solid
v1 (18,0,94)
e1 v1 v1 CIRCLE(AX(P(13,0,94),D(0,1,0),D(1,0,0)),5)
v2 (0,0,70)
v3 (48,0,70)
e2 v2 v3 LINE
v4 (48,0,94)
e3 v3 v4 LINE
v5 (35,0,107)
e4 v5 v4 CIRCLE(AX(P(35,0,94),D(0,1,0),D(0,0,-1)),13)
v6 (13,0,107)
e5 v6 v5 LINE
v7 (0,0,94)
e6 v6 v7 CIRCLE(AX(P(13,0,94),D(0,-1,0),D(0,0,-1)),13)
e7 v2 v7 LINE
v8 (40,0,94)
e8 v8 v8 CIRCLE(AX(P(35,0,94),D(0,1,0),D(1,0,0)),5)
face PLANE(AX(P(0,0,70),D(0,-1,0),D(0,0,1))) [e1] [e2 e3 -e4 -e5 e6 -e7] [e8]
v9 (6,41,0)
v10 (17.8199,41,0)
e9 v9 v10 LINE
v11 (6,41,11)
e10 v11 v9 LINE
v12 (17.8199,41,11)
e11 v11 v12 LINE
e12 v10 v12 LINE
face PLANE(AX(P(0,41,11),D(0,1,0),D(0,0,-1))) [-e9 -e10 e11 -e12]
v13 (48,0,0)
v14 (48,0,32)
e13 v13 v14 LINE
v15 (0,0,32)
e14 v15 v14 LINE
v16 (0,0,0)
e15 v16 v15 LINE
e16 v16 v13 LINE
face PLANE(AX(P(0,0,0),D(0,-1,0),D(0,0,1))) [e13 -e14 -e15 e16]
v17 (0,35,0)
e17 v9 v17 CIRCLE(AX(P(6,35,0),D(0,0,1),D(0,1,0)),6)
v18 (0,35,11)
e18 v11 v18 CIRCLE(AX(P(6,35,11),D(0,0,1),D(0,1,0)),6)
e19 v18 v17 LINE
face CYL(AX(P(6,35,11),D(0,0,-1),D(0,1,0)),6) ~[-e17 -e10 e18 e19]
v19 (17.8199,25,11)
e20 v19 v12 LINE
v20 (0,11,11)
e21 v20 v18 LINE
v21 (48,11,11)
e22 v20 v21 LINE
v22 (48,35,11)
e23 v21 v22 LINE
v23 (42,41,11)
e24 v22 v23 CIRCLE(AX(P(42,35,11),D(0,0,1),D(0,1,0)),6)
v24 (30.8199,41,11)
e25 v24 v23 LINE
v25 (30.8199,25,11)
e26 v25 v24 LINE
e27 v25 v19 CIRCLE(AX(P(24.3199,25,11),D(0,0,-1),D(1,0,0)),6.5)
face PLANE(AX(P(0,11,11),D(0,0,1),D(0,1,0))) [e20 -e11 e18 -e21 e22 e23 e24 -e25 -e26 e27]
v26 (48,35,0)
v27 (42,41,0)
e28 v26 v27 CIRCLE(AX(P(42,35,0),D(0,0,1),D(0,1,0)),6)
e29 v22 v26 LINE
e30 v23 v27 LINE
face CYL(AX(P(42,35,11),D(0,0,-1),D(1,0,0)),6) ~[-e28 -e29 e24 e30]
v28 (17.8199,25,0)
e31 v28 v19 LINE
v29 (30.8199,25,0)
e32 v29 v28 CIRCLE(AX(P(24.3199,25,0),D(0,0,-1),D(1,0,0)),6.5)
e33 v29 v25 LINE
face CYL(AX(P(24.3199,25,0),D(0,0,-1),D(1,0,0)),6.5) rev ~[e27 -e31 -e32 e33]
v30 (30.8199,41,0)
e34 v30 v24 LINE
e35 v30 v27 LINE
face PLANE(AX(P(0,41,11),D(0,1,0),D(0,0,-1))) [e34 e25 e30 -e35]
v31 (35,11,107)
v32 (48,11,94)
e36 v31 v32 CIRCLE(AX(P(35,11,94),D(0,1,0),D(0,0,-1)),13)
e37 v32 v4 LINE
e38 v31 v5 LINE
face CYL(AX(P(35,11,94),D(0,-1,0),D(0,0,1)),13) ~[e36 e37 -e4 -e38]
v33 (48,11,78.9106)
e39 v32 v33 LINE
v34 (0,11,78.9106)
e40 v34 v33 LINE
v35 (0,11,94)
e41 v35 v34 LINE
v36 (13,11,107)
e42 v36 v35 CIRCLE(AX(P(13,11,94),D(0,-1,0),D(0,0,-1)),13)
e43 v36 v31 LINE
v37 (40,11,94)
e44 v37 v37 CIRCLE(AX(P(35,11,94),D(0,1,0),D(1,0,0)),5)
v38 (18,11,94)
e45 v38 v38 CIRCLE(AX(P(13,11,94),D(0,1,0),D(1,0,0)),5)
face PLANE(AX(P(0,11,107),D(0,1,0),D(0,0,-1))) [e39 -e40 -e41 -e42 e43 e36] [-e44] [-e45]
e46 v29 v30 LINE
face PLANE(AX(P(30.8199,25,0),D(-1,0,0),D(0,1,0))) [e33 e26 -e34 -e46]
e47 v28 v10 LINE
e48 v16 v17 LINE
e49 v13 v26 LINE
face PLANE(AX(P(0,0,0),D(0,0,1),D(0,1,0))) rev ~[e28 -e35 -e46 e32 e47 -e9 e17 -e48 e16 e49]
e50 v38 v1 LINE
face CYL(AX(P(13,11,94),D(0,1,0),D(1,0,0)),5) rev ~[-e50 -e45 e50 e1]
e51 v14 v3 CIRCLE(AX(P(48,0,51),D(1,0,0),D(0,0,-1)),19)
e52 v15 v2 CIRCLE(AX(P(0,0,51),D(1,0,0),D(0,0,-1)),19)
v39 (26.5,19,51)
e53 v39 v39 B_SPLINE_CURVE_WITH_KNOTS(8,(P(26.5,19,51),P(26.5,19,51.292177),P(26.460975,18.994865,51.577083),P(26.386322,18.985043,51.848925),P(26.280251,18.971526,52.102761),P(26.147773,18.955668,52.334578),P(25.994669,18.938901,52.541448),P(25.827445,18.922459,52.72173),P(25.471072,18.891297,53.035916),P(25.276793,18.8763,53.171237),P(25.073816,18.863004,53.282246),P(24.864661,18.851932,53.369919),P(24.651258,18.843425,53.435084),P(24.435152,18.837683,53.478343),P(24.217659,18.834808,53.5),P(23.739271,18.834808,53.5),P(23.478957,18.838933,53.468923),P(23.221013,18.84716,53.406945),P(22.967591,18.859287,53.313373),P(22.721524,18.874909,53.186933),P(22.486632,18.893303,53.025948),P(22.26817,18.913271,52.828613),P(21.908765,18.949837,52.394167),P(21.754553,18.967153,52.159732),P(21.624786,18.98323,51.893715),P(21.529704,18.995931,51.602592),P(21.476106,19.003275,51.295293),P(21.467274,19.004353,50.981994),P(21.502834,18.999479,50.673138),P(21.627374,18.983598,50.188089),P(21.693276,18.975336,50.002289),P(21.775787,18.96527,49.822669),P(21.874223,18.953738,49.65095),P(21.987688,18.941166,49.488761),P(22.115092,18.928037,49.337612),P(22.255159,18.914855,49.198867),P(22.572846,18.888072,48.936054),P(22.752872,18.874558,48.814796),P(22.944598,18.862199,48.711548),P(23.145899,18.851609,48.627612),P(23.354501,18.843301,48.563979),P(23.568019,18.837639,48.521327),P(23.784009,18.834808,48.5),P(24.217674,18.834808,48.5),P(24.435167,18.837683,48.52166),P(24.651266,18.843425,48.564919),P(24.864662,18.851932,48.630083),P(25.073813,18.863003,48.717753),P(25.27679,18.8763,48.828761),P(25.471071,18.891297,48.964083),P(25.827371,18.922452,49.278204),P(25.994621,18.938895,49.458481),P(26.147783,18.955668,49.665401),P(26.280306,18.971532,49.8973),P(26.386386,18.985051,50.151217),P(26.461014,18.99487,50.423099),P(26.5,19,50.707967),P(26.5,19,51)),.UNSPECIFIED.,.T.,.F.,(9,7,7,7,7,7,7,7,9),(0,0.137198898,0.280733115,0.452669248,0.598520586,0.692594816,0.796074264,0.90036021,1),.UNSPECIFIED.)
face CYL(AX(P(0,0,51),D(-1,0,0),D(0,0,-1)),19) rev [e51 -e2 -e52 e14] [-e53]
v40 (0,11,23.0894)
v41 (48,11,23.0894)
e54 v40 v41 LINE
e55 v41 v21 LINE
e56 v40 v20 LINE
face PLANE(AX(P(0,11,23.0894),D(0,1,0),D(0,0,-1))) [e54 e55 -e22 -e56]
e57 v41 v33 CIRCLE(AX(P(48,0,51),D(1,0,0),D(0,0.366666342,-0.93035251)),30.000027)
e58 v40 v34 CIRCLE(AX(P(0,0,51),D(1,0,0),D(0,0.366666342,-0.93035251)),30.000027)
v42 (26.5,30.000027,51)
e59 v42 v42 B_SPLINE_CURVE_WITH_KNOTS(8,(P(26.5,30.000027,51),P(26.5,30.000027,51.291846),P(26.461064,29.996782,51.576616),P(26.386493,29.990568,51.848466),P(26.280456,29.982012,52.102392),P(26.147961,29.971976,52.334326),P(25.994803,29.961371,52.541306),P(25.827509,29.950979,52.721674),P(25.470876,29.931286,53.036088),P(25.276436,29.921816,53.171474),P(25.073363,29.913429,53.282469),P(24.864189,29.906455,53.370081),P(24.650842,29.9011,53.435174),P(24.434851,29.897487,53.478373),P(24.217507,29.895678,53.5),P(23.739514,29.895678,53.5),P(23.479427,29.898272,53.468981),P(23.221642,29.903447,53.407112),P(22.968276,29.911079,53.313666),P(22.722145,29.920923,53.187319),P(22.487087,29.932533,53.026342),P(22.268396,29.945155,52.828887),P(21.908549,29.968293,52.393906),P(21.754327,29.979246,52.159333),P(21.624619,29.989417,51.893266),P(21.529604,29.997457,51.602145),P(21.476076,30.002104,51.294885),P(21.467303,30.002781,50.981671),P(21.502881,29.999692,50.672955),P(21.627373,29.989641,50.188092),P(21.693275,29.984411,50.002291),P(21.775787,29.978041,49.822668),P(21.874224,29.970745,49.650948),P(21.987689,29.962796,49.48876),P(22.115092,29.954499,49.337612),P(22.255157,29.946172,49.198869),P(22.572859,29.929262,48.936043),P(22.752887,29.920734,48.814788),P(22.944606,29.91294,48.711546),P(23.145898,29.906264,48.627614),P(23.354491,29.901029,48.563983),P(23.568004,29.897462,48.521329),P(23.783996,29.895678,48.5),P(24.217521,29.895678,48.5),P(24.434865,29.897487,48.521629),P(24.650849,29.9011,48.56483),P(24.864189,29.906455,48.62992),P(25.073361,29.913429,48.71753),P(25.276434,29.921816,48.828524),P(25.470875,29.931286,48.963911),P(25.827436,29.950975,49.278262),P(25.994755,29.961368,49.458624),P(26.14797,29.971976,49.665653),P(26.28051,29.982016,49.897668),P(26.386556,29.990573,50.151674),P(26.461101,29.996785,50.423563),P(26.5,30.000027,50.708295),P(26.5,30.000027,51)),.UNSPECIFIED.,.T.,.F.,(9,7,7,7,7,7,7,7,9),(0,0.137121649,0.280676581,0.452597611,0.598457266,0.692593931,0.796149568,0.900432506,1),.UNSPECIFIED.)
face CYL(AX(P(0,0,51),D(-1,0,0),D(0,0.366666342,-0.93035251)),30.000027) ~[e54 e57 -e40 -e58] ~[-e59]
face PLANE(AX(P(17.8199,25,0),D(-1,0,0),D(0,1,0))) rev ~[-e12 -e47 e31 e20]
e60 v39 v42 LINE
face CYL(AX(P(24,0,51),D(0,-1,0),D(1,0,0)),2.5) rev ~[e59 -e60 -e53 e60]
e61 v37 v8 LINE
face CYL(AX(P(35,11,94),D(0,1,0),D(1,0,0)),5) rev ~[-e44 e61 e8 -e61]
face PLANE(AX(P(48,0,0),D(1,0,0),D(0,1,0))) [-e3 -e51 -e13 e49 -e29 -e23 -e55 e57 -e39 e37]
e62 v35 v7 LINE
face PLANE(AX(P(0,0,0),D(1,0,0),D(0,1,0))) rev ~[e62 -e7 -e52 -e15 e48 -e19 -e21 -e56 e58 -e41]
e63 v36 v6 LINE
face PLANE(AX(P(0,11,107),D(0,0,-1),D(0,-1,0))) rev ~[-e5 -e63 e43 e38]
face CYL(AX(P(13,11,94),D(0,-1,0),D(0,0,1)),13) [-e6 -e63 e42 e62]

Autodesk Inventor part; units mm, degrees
ref_plane "YZ Plane" through (0, 0, 0) normal (1, 0, 0) x (0, 1, 0)
ref_plane "XZ Plane" through (0, 0, 0) normal (0, 1, 0) x (-1, 0, 0)
ref_plane "XY Plane" through (0, 0, 0) normal (0, 0, 1) x (1, 0, 0)
sketch "Sketch1" plane through (0, 0, 0) normal (1, 0, 0) x (0, 1, 0)
  line L0 (0, 0) -> (0, 32)
  arc A0 (0, 32) -> (0, 70) centre (0, 51) ccw
  line L1 (0, 70) -> (0, 107)
  line L2 (0, 0) -> (41, 0)
  line L3 (11, 107) -> (11, 78.9106)
  arc A1 (11, 23.0894) -> (11, 78.9106) centre (0, 51) ccw
  line L4 (11, 23.0894) -> (11, 11)
  line L5 (11, 11) -> (41, 11)
  line L6 (11, 107) -> (0, 107)
  line L7 (41, 11) -> (41, 0)
  dimension "d0" = 32
  dimension "d1" = 70
  dimension "d2" = 37
  dimension "d3" = 41
  dimension "d4" = 11
extrude "Extrusion1" add sketch "Sketch1" along normal blind 48
fillet "Fillet1" radius 13 1 edges at (48, 5.5, 107)
fillet "Fillet2" radius 13 1 edges at (0, 5.5, 107)
sketch "Sketch2" plane through (0, 11, 78.9106) normal (0, 1, 0) x (1, 0, 0)
  arc A0 (0, -15.0894) -> (13, -28.0894) centre (13, -15.0894) ccw projected
  circle A1 centre (13, -15.0894) radius 5
  arc A2 (35, -28.0894) -> (48, -15.0894) centre (35, -15.0894) ccw projected
  circle A3 centre (35, -15.0894) radius 5
  point P0 (0, 78.9106)
  dimension "d9" = 10
  dimension "d10" = 10
extrude "Extrusion2" cut sketch "Sketch2" against normal blind 11
fillet "Fillet3" radius 6 1 edges at (48, 41, 5.5)
fillet "Fillet4" radius 6 1 edges at (0, 41, 5.5)
sketch "Sketch3" plane through (48, 0, 0) normal (0, 0, -1) x (-1, 0, 0)
  line L0 (57.6, 0) -> (-9.6, 0) construction
  line L1 (48, -8.2) -> (48, 49.2) projected
  arc A0 (17.1801, 25) -> (30.1801, 25) centre (23.6801, 25) ccw
  line L2 (17.1801, 25) -> (17.1801, 41)
  line L3 (42, 41) -> (6, 41) projected
  line L4 (30.1801, 25) -> (30.1801, 41)
  point P0 (48, 0)
  dimension "d15" = 25
  dimension "d16" = 13
extrude "Extrusion3" cut sketch "Sketch3" against normal blind 11
sketch "Sketch4" plane through (0, 0, 0) normal (0, -1, 0) x (1, 0, 0)
  line L0 (0, 32) -> (48, 32) projected
  line L1 (0, 32) -> (0, 70) projected
  circle A0 centre (24, 51) radius 2.5
  point P0 (0, 0)
  point P1 (24, 32)
  point P2 (0, 51)
  dimension "d19" = 24
  dimension "d20" = 5
extrude "Extrusion4" cut sketch "Sketch4" against normal blind 41
properties part number "T05"
